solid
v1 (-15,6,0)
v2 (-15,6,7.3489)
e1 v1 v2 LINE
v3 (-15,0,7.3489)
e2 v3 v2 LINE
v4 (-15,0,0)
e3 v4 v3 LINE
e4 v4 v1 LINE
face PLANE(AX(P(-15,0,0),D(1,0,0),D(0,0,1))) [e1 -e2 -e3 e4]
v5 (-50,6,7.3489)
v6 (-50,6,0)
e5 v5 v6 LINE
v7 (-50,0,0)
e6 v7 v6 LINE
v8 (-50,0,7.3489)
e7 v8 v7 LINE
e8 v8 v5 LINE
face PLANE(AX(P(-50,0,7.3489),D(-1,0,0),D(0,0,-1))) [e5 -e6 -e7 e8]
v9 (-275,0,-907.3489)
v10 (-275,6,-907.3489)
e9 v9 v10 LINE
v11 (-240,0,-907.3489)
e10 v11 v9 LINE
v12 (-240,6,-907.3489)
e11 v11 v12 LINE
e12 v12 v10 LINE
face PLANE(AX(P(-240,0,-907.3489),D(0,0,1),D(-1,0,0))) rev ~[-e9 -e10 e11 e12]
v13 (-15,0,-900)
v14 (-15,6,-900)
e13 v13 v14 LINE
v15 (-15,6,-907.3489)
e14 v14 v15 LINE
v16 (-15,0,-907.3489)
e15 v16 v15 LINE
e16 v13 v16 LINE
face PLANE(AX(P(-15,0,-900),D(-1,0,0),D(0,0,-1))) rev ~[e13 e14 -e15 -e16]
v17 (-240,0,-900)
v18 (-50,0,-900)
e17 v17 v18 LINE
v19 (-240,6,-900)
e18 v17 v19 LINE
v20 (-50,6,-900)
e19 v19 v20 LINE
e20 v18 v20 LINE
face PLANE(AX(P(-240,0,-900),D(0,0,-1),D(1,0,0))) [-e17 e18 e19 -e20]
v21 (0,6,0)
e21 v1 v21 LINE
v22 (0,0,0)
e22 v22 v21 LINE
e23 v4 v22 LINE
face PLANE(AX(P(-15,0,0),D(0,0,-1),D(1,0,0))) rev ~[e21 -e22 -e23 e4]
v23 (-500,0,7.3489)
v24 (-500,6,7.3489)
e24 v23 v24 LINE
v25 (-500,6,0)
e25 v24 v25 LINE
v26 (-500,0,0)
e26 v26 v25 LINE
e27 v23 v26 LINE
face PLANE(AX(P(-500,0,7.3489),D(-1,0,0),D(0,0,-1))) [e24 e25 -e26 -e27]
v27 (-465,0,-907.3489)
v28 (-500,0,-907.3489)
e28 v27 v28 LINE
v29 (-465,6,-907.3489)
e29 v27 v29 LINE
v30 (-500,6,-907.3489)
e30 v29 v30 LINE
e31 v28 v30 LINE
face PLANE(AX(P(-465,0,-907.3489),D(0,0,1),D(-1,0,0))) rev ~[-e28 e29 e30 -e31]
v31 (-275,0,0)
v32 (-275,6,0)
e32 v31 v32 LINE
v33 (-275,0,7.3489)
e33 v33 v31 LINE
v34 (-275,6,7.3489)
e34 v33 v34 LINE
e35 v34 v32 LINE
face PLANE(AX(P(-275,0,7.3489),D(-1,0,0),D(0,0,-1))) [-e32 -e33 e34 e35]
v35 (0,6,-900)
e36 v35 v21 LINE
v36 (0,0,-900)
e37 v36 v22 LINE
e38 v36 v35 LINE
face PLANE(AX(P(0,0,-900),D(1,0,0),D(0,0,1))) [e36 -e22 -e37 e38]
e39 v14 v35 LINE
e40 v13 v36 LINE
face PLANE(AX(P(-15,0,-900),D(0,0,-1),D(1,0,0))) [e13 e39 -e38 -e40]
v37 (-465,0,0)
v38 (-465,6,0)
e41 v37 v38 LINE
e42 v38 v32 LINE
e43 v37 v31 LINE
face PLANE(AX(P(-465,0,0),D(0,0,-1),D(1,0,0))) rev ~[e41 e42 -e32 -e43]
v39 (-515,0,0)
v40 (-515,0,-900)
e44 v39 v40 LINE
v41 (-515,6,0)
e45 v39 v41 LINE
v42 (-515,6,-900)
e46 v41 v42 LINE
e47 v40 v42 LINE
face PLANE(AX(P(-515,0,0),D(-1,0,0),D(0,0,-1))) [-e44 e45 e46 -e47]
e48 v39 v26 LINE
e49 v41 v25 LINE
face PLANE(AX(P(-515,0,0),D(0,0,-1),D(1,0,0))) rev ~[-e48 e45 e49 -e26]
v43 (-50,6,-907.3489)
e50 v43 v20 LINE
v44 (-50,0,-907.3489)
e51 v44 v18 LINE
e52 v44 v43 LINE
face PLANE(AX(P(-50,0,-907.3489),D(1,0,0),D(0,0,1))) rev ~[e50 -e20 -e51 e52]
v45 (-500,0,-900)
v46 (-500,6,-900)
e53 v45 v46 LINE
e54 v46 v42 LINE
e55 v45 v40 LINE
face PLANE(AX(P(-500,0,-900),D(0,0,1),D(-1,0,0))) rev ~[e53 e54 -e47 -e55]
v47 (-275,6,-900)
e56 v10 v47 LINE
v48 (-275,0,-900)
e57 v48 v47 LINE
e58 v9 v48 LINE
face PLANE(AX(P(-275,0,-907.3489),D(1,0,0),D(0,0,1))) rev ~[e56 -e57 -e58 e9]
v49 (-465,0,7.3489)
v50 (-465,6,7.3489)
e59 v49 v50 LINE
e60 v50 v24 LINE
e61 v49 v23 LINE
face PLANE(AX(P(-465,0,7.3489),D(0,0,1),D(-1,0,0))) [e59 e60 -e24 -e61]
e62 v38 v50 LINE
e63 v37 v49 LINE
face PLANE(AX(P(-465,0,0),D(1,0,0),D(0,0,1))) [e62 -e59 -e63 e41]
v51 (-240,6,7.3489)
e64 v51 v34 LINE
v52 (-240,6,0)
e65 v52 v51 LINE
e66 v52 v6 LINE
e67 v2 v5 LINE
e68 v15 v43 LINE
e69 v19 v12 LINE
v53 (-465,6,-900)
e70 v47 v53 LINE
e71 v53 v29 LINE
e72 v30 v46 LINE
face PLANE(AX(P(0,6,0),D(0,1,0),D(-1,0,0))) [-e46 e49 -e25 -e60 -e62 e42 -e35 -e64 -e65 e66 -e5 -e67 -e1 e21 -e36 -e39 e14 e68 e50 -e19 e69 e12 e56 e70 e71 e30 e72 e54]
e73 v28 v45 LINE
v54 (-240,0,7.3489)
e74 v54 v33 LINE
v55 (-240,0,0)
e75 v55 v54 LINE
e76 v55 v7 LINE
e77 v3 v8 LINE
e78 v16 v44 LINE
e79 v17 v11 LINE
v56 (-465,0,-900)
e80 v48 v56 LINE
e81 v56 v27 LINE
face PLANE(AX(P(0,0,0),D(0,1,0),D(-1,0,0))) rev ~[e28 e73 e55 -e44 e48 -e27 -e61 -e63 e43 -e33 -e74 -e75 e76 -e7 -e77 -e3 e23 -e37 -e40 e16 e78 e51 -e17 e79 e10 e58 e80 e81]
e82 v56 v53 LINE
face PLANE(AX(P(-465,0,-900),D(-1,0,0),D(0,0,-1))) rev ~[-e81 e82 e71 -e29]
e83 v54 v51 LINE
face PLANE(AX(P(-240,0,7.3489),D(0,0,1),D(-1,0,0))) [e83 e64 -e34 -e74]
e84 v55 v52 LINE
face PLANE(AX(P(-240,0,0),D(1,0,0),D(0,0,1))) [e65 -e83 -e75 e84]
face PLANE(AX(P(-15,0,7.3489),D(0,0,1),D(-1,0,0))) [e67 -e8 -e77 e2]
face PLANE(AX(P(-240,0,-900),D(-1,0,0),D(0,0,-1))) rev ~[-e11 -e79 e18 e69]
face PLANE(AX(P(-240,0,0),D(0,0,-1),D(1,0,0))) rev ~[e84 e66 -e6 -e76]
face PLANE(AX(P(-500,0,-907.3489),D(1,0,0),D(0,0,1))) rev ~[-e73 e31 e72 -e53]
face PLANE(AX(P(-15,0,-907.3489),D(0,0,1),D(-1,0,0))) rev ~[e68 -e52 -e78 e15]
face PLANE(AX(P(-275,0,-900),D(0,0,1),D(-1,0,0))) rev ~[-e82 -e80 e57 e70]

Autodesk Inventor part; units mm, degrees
ref_plane "YZ Plane" through (0, 0, 0) normal (1, 0, 0) x (0, 1, 0)
ref_plane "XZ Plane" through (0, 0, 0) normal (0, 1, 0) x (-1, 0, 0)
ref_plane "XY Plane" through (0, 0, 0) normal (0, 0, 1) x (1, 0, 0)
sketch "Sketch1" plane through (0, 0, 0) normal (0, 1, 0) x (-1, 0, 0)
  line L0 (0, 0) -> (515, 0) construction
  line L1 (515, 0) -> (515, -900)
  line L2 (515, -900) -> (0, -900) construction
  line L3 (0, -900) -> (0, 0)
  line L4 (500, 0) -> (465, 0) construction
  line L5 (465, 0) -> (465, 7.3489)
  line L6 (465, 7.3489) -> (500, 7.3489)
  line L7 (500, 7.3489) -> (500, 0)
  line L8 (275, 0) -> (240, 0) construction
  line L9 (240, 0) -> (240, 7.3489)
  line L10 (240, 7.3489) -> (275, 7.3489)
  line L11 (275, 7.3489) -> (275, 0)
  line L12 (515, 0) -> (500, 0)
  line L13 (0, 0) -> (240, 0) construction
  line L14 (465, 0) -> (275, 0)
  line L15 (0, -450) -> (515, -450) construction
  line L16 (465, -900) -> (465, -907.3489)
  line L17 (465, -907.3489) -> (500, -907.3489)
  line L18 (500, -907.3489) -> (500, -900)
  line L19 (240, -900) -> (240, -907.3489)
  line L20 (240, -907.3489) -> (275, -907.3489)
  line L21 (275, -907.3489) -> (275, -900)
  line L22 (0, -900) -> (240, -900) construction
  line L23 (275, -900) -> (465, -900)
  line L24 (500, -900) -> (515, -900)
  line L25 (50, 0) -> (15, 0) construction
  line L26 (15, 0) -> (15, 7.3489)
  line L27 (15, 7.3489) -> (50, 7.3489)
  line L28 (50, 7.3489) -> (50, 0)
  line L29 (240, 0) -> (50, 0)
  line L30 (15, 0) -> (0, 0)
  line L31 (50, -900) -> (15, -900) construction
  line L32 (15, -900) -> (15, -907.3489)
  line L33 (15, -907.3489) -> (50, -907.3489)
  line L34 (50, -907.3489) -> (50, -900)
  line L35 (240, -900) -> (50, -900)
  line L36 (15, -900) -> (0, -900)
  dimension "d0" = 900
  dimension "d1" = 515
  dimension "d4" = 35
  dimension "d5" = 35
  dimension "d6" = 190
  dimension "d7" = 15
  dimension "d8" = 240
  dimension "d9" = 190
extrude "Extrusion1" add sketch "Sketch1" along normal blind 6
properties part number "Superior_top" material "Wood (Oak)"
